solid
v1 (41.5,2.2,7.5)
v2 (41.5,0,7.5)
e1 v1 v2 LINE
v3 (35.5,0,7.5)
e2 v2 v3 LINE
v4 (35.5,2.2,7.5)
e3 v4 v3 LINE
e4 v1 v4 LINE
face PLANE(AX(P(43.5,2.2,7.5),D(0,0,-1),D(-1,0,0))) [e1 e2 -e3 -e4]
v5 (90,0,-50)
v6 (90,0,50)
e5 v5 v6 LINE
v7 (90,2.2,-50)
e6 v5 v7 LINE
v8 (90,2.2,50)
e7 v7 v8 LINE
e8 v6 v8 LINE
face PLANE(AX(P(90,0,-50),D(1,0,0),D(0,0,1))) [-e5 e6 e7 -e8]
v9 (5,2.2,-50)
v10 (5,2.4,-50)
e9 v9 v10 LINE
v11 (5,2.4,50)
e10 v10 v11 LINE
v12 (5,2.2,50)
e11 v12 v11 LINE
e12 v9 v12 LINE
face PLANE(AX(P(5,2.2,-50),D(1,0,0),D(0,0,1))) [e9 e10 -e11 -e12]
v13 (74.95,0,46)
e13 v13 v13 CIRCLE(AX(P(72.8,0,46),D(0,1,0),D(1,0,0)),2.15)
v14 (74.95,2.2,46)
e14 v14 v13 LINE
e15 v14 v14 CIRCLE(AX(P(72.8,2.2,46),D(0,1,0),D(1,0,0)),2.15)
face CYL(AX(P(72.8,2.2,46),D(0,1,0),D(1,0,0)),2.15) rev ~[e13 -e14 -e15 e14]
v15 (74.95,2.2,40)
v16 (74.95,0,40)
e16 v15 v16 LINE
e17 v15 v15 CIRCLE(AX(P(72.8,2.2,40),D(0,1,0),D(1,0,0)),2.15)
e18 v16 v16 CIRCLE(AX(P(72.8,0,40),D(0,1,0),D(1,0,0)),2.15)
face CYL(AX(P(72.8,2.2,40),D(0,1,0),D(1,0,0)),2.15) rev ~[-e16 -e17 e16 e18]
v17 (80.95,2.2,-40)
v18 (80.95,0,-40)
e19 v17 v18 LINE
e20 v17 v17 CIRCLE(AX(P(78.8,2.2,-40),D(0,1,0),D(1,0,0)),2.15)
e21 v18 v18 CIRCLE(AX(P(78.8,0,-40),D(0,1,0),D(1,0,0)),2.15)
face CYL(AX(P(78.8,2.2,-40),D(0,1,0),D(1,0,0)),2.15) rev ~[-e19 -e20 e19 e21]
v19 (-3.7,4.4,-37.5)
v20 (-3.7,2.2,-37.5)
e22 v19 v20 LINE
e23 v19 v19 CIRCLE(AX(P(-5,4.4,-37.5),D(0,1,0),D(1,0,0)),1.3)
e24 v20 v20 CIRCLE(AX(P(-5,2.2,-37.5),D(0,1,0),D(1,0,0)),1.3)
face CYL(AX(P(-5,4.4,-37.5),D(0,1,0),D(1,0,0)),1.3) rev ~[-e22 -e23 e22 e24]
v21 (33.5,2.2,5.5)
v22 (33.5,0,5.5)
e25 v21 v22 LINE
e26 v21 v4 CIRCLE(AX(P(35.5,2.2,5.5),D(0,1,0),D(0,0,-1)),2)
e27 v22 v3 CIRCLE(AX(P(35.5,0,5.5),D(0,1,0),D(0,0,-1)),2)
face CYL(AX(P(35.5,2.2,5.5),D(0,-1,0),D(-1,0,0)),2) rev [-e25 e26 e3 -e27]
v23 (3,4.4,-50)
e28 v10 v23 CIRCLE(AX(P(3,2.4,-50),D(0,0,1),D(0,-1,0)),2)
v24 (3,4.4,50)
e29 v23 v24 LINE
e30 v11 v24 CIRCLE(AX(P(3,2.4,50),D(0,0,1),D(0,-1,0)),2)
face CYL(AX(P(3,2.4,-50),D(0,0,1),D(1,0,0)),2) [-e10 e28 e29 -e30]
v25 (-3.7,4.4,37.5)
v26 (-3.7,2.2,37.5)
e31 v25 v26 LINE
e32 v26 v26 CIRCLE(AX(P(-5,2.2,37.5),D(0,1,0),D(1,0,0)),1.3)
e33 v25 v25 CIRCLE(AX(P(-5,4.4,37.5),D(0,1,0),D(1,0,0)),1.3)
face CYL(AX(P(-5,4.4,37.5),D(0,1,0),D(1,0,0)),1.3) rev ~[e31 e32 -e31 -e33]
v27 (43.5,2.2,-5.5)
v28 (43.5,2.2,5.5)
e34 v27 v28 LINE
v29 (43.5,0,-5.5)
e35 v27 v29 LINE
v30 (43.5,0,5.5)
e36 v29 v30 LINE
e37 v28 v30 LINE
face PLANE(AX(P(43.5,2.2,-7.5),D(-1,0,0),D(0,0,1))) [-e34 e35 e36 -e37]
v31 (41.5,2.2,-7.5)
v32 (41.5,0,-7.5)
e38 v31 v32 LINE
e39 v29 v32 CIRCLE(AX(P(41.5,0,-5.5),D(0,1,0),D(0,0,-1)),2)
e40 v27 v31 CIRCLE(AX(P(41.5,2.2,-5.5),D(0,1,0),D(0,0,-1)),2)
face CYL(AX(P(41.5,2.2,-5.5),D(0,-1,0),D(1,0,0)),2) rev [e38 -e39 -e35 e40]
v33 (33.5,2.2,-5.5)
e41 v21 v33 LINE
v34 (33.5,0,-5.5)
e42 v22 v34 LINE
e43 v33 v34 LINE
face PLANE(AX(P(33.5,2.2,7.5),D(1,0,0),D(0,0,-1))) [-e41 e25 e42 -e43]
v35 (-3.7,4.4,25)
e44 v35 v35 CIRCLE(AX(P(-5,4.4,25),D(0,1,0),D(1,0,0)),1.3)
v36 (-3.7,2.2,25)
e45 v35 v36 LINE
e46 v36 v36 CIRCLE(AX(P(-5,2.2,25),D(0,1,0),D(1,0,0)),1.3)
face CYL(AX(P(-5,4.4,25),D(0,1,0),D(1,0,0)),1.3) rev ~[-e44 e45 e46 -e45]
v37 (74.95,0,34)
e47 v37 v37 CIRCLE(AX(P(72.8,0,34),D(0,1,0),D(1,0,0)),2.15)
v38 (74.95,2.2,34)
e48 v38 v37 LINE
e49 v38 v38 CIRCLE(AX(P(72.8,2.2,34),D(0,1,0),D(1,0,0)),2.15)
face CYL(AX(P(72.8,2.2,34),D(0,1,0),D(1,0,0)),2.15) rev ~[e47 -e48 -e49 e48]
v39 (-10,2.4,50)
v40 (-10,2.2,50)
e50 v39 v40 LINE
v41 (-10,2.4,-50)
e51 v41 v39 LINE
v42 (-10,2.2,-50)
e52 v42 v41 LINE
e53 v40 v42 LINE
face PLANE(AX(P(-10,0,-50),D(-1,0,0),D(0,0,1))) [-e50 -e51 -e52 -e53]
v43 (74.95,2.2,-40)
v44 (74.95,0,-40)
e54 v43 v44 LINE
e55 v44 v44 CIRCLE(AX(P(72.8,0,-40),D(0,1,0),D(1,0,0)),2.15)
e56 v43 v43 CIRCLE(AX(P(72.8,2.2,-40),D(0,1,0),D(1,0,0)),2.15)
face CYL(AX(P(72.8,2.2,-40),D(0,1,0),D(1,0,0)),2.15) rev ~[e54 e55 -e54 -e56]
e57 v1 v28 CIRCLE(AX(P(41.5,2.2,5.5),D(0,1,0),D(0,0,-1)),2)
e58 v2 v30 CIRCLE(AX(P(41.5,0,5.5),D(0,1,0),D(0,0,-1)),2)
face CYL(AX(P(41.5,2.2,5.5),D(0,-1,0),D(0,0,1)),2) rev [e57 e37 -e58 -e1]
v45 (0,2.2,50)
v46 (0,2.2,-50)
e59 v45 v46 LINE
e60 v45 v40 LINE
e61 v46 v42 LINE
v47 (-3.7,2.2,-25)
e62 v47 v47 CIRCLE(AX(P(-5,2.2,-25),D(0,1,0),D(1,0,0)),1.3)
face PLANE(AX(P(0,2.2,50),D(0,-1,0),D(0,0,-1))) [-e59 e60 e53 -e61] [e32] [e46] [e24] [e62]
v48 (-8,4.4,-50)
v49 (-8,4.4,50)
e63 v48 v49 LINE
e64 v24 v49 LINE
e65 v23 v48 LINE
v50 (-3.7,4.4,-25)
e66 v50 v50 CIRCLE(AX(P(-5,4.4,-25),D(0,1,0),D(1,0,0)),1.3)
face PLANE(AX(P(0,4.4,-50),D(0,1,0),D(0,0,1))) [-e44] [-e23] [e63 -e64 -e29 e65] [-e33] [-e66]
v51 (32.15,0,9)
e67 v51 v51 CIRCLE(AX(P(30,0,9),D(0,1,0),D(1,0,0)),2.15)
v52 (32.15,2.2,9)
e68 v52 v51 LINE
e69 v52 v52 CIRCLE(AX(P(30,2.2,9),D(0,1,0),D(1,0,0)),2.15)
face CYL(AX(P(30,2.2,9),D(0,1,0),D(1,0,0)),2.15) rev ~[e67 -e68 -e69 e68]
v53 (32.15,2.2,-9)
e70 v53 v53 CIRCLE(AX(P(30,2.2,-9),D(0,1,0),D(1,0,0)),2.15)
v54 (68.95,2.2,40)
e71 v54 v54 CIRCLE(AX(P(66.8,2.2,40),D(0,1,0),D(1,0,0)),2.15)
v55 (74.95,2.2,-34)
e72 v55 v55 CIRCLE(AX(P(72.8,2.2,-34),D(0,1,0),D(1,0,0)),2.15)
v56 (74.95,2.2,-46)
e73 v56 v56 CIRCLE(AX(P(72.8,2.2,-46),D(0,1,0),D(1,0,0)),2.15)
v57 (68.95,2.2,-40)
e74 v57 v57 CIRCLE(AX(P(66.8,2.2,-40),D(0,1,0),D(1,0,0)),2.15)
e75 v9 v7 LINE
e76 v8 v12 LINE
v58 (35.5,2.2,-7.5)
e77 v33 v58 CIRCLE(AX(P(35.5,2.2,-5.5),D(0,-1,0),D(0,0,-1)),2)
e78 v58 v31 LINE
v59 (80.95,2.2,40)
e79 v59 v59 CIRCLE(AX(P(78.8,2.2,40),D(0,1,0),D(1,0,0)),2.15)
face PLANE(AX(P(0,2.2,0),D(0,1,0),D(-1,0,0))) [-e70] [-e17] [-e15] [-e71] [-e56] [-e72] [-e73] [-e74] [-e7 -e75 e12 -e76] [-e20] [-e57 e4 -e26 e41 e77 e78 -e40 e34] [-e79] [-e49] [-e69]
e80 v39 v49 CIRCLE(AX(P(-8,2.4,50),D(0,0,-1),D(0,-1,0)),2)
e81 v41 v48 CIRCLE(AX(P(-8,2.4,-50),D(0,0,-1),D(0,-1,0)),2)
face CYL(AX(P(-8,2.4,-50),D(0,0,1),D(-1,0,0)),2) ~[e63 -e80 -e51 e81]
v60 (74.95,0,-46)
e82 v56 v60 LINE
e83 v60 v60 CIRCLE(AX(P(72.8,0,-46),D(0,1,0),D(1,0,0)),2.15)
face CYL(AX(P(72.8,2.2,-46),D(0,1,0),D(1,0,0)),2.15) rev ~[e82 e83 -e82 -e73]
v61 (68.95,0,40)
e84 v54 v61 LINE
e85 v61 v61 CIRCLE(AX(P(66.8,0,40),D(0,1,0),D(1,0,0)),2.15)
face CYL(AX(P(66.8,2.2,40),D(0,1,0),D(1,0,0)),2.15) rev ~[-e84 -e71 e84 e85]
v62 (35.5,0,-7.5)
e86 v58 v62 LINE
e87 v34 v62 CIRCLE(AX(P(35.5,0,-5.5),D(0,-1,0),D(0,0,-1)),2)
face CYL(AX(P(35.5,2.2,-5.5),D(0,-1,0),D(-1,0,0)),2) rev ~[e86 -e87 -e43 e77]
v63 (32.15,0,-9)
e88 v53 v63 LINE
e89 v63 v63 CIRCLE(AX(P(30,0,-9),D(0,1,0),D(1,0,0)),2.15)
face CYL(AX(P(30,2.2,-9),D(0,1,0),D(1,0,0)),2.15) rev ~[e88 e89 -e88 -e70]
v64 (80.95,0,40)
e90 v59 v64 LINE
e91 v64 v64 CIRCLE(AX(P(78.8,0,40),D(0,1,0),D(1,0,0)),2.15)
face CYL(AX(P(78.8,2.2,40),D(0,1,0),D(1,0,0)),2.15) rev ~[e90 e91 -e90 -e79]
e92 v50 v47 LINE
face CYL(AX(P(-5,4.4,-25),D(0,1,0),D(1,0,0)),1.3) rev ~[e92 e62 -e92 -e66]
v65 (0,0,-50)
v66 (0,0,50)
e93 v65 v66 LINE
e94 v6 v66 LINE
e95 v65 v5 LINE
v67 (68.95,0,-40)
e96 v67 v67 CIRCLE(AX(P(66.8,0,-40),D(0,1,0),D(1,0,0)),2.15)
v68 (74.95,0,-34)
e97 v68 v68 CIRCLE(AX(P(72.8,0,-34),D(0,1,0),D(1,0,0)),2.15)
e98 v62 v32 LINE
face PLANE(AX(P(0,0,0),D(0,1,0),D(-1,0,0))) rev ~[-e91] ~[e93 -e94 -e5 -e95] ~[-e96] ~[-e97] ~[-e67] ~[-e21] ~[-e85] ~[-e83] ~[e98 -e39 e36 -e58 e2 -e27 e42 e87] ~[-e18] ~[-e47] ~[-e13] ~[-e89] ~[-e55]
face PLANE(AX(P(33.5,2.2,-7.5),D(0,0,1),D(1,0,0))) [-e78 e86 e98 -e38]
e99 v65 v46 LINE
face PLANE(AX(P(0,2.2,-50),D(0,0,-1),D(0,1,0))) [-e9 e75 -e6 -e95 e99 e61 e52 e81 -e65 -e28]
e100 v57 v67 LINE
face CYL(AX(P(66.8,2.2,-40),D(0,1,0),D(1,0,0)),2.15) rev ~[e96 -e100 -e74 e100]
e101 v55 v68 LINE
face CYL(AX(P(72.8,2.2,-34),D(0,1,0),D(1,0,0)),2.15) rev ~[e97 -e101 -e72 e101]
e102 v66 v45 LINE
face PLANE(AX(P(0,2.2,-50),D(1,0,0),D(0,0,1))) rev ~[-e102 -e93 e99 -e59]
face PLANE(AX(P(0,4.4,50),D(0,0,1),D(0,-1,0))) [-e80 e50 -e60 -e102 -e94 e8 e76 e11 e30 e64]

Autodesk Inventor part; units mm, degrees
ref_plane "YZ Plane" through (0, 0, 0) normal (1, 0, 0) x (0, 1, 0)
ref_plane "XZ Plane" through (0, 0, 0) normal (0, 1, 0) x (-1, 0, 0)
ref_plane "XY Plane" through (0, 0, 0) normal (0, 0, 1) x (1, 0, 0)
sketch "Sketch1" plane through (0, 0, 0) normal (0, 1, 0) x (-1, 0, 0)
  line L0 (90, -50) -> (-90, -50)
  line L1 (-90, -50) -> (-90, 50)
  line L2 (-90, 50) -> (90, 50)
  line L3 (90, 50) -> (90, -50)
  line L4 (0, 0) -> (0, -16.1308) construction
  line L5 (0, 0) -> (18.4922, 0) construction
  dimension "d1" = 100
  dimension "d2" = 180
extrude "Extrusion1" add sketch "Sketch1" along normal blind 2.2
sketch "Sketch2" plane through (0, 2.2, 0) normal (0, 1, 0) x (1, 0, 0)
  line L0 (-90, -50) -> (90, -50) projected
  line L1 (90, -50) -> (90, 50) projected
  line L2 (90, -50) -> (90, -30)
  line L3 (90, -30) -> (55.6, -30)
  line L4 (55.6, -30) -> (55.6, -50)
  line L5 (55.6, -50) -> (90, -50)
  line L6 (90, -40) -> (55.6, -40) construction
  circle A0 centre (78.8, -40) radius 2.15
  circle A1 centre (72.8, -40) radius 2.15
  circle A2 centre (66.8, -40) radius 2.15
  line L7 (72.8, -40) -> (72.8, -30) construction
  circle A3 centre (72.8, -34) radius 2.15
  circle A4 centre (72.8, -46) radius 2.15
  circle A5 centre (72.8, -40) radius 2.15
  line L8 (0, 0) -> (96.2626, 0) construction
  line L9 (90, 50) -> (90, 30)
  line L10 (90, 30) -> (55.6, 30)
  line L11 (55.6, 30) -> (55.6, 50)
  line L12 (55.6, 50) -> (90, 50)
  line L13 (90, 40) -> (55.6, 40) construction
  circle A6 centre (78.8, 40) radius 2.15
  circle A7 centre (72.8, 40) radius 2.15
  circle A8 centre (66.8, 40) radius 2.15
  line L14 (72.8, 40) -> (72.8, 30) construction
  circle A9 centre (72.8, 34) radius 2.15
  circle A10 centre (72.8, 46) radius 2.15
  circle A11 centre (72.8, 40) radius 2.15
  line L15 (90, 50) -> (-90, 50) projected
  line L16 (-90, 50) -> (-90, -50) projected
  line L17 (-48, 40) -> (-72, 40)
  line L18 (-72, 40) -> (-72, 50)
  line L19 (-72, 50) -> (-48, 50)
  line L20 (-48, 50) -> (-48, 40)
  line L21 (-74.3246, 46.5) -> (-4.1674, 46.5) construction
  line L22 (-60, 53.3324) -> (-60, 32.9187) construction
  circle A12 centre (-60, 37.5) radius 2.15
  line L23 (-68.3246, 46.5) -> (1.8326, 46.5) construction
  circle A13 centre (-54, 37.5) radius 2.15
  circle A14 centre (-66, 37.5) radius 2.15
  line L24 (-8.0003, 43.25) -> (-83.9137, 43.25) construction
  circle A15 centre (-78, 43.25) radius 2.15
  circle A16 centre (-84, 43.25) radius 2.15
  circle A17 centre (-42, 43.25) radius 2.15
  circle A18 centre (-36, 43.25) radius 2.15
  line L25 (-48, -40) -> (-72, -40)
  line L26 (-72, -40) -> (-72, -50)
  line L27 (-72, -50) -> (-48, -50)
  line L28 (-48, -50) -> (-48, -40)
  line L29 (-74.3246, -46.5) -> (-4.1674, -46.5) construction
  line L30 (-60, -53.3324) -> (-60, -32.9187) construction
  circle A19 centre (-60, -37.5) radius 2.15
  circle A20 centre (-54, -37.5) radius 2.15
  circle A21 centre (-66, -37.5) radius 2.15
  line L31 (-8.0003, -43.25) -> (-83.9137, -43.25) construction
  circle A22 centre (-78, -43.25) radius 2.15
  circle A23 centre (-84, -43.25) radius 2.15
  circle A24 centre (-36, -43.25) radius 2.15
  circle A25 centre (-42, -43.25) radius 2.15
  circle A26 centre (-60, 37.5) radius 2.5 construction
  dimension "d13" = 20
  dimension "d14" = 34.4
  dimension "d15" = 4.3
  dimension "d16" = 6
  dimension "d17" = 6
  dimension "d18" = 6
  dimension "d27" = 24
  dimension "d28" = 10
  dimension "d29" = 18
  dimension "d31" = 4.3
  dimension "d34" = 6
  dimension "d41" = 6
  dimension "d46" = 6.5
  dimension "d48" = 4.3
  dimension "d49" = 6
  dimension "d52" = 6
  dimension "d60" = 5
extrude "Holes" cut sketch "Sketch2" against normal through all contours A0 | A1 | A2 | A3 | A4 | A6 | A7 | A8 | A9 | A10 | A12 | A13 | A14 | A15 | A16 | A17 | A18 | A19 | A20 | A21 | A22 | A23 | A24 | A25
sketch "Sketch3" plane through (0, 2.2, 0) normal (0, 1, 0) x (1, 0, 0)
  line L0 (33.5, 13.5) -> (-33.5, 13.5) construction
  line L1 (-33.5, 13.5) -> (-33.5, -13.5) construction
  line L2 (-33.5, -13.5) -> (33.5, -13.5) construction
  line L3 (33.5, -13.5) -> (33.5, 13.5) construction
  line L4 (0, 0) -> (39.98, 0) construction
  line L5 (0, 0) -> (0, 21.0122) construction
  circle A0 centre (30, 9) radius 2.15
  circle A1 centre (30, -9) radius 2.15
  circle A2 centre (-30, 9) radius 2.15
  circle A3 centre (-30, -9) radius 2.15
  line L6 (33.5, 7.5) -> (43.5, 7.5)
  line L7 (43.5, 7.5) -> (43.5, -7.5)
  line L8 (43.5, -7.5) -> (33.5, -7.5)
  line L9 (33.5, -7.5) -> (33.5, 7.5)
  dimension "d61" = 67
  dimension "d62" = 27
  dimension "d63" = 4.3
  dimension "d64" = 3.5
  dimension "d65" = 4.5
  dimension "d68" = 10
  dimension "d69" = 15
extrude "Extrusion4" cut sketch "Sketch3" against normal through all
fillet "Fillet1" radius 2 4 edges at (33.5, 1.1, -7.5) (43.5, 1.1, -7.5) (43.5, 1.1, 7.5) (33.5, 1.1, 7.5)
ref_plane "Work Plane1" through (0, 0, 50) normal (1, 0, 0) x (0, 0, -1)
split "Split1" plane through (0, 0, 50) removes the side toward (-1, 0, 0)
sketch "Sketch4" plane through (0, 2.2, 0) normal (0, 1, 0) x (1, 0, 0)
  line L0 (0, 50) -> (0, -50) projected
  line L1 (0, -50) -> (90, -50) projected
  line L2 (0, 50) -> (5, 50)
  line L3 (5, 50) -> (5, -50)
  line L4 (5, -50) -> (0, -50)
  line L5 (0, -50) -> (0, 50)
  point P0 (0, 0)
  dimension "d71" = 5
extrude "Extrusion5" add sketch "Sketch4" along normal blind 2.2
sketch "Sketch6" plane through (0, 0, -50) normal (-1, 0, 0) x (0, 0, 1)
  line L0 (100, 4.4) -> (100, 0) projected
  line L1 (0, 4.4) -> (100, 4.4) projected
  line L2 (0, 4.4) -> (100, 4.4)
  line L3 (100, 4.4) -> (100, 2.2)
  line L4 (100, 2.2) -> (0, 2.2)
  line L5 (0, 2.2) -> (0, 4.4)
  point P0 (50, 0)
extrude "Extrusion6" add sketch "Sketch6" along normal blind 10
sketch "Sketch7" plane through (0, 4.4, 0) normal (0, 1, 0) x (1, 0, 0)
  line L0 (5, -50) -> (-10, -50) projected
  line L1 (5, 50) -> (-10, 50) projected
  line L2 (-10, 50) -> (-5, 50) construction
  line L3 (-5, 50) -> (-5, -50) construction
  line L4 (-5, -50) -> (-10, -50) construction
  line L5 (-10, -50) -> (-10, 50) construction
  line L6 (0, 0) -> (-18.3669, 0) construction
  circle A0 centre (-5, 37.5) radius 1.3
  circle A1 centre (-5, 25) radius 1.3
  circle A2 centre (-5, -37.5) radius 1.3
  circle A3 centre (-5, -25) radius 1.3
  dimension "d76" = 5
  dimension "d77" = 2.6
  dimension "d78" = 12.5
  dimension "d81" = 12.5
extrude "Extrusion7" cut sketch "Sketch7" against normal through all
fillet "Fillet2" radius 2 2 edges at (-10, 4.4, 0) (5, 4.4, 0)
equation "\"d1\" = BodyWidth"
equation "\"d2\" = BodyLength"
equation "\"d3\" = Depth"
equation "\"d15\" = Holes"
equation "\"d27\" = MotorWidth"
equation "\"d31\" = Holes"
equation "\"d57\" = Depth"
equation "\"d72\" = Depth"
equation "\"d78\" = 0.125 * BodyWidth"
equation "\"d81\" = 0.125 * BodyWidth"
equation "\"BodyWidth\" = 100"
equation "\"BodyLength\" = 180"
equation "\"Holes\" = 4.3"
equation "\"Depth\" = 2.2"
equation "\"d20\" = 4.3"
equation "\"MotorWidth\" = 24"
properties part number "BodyBack"
